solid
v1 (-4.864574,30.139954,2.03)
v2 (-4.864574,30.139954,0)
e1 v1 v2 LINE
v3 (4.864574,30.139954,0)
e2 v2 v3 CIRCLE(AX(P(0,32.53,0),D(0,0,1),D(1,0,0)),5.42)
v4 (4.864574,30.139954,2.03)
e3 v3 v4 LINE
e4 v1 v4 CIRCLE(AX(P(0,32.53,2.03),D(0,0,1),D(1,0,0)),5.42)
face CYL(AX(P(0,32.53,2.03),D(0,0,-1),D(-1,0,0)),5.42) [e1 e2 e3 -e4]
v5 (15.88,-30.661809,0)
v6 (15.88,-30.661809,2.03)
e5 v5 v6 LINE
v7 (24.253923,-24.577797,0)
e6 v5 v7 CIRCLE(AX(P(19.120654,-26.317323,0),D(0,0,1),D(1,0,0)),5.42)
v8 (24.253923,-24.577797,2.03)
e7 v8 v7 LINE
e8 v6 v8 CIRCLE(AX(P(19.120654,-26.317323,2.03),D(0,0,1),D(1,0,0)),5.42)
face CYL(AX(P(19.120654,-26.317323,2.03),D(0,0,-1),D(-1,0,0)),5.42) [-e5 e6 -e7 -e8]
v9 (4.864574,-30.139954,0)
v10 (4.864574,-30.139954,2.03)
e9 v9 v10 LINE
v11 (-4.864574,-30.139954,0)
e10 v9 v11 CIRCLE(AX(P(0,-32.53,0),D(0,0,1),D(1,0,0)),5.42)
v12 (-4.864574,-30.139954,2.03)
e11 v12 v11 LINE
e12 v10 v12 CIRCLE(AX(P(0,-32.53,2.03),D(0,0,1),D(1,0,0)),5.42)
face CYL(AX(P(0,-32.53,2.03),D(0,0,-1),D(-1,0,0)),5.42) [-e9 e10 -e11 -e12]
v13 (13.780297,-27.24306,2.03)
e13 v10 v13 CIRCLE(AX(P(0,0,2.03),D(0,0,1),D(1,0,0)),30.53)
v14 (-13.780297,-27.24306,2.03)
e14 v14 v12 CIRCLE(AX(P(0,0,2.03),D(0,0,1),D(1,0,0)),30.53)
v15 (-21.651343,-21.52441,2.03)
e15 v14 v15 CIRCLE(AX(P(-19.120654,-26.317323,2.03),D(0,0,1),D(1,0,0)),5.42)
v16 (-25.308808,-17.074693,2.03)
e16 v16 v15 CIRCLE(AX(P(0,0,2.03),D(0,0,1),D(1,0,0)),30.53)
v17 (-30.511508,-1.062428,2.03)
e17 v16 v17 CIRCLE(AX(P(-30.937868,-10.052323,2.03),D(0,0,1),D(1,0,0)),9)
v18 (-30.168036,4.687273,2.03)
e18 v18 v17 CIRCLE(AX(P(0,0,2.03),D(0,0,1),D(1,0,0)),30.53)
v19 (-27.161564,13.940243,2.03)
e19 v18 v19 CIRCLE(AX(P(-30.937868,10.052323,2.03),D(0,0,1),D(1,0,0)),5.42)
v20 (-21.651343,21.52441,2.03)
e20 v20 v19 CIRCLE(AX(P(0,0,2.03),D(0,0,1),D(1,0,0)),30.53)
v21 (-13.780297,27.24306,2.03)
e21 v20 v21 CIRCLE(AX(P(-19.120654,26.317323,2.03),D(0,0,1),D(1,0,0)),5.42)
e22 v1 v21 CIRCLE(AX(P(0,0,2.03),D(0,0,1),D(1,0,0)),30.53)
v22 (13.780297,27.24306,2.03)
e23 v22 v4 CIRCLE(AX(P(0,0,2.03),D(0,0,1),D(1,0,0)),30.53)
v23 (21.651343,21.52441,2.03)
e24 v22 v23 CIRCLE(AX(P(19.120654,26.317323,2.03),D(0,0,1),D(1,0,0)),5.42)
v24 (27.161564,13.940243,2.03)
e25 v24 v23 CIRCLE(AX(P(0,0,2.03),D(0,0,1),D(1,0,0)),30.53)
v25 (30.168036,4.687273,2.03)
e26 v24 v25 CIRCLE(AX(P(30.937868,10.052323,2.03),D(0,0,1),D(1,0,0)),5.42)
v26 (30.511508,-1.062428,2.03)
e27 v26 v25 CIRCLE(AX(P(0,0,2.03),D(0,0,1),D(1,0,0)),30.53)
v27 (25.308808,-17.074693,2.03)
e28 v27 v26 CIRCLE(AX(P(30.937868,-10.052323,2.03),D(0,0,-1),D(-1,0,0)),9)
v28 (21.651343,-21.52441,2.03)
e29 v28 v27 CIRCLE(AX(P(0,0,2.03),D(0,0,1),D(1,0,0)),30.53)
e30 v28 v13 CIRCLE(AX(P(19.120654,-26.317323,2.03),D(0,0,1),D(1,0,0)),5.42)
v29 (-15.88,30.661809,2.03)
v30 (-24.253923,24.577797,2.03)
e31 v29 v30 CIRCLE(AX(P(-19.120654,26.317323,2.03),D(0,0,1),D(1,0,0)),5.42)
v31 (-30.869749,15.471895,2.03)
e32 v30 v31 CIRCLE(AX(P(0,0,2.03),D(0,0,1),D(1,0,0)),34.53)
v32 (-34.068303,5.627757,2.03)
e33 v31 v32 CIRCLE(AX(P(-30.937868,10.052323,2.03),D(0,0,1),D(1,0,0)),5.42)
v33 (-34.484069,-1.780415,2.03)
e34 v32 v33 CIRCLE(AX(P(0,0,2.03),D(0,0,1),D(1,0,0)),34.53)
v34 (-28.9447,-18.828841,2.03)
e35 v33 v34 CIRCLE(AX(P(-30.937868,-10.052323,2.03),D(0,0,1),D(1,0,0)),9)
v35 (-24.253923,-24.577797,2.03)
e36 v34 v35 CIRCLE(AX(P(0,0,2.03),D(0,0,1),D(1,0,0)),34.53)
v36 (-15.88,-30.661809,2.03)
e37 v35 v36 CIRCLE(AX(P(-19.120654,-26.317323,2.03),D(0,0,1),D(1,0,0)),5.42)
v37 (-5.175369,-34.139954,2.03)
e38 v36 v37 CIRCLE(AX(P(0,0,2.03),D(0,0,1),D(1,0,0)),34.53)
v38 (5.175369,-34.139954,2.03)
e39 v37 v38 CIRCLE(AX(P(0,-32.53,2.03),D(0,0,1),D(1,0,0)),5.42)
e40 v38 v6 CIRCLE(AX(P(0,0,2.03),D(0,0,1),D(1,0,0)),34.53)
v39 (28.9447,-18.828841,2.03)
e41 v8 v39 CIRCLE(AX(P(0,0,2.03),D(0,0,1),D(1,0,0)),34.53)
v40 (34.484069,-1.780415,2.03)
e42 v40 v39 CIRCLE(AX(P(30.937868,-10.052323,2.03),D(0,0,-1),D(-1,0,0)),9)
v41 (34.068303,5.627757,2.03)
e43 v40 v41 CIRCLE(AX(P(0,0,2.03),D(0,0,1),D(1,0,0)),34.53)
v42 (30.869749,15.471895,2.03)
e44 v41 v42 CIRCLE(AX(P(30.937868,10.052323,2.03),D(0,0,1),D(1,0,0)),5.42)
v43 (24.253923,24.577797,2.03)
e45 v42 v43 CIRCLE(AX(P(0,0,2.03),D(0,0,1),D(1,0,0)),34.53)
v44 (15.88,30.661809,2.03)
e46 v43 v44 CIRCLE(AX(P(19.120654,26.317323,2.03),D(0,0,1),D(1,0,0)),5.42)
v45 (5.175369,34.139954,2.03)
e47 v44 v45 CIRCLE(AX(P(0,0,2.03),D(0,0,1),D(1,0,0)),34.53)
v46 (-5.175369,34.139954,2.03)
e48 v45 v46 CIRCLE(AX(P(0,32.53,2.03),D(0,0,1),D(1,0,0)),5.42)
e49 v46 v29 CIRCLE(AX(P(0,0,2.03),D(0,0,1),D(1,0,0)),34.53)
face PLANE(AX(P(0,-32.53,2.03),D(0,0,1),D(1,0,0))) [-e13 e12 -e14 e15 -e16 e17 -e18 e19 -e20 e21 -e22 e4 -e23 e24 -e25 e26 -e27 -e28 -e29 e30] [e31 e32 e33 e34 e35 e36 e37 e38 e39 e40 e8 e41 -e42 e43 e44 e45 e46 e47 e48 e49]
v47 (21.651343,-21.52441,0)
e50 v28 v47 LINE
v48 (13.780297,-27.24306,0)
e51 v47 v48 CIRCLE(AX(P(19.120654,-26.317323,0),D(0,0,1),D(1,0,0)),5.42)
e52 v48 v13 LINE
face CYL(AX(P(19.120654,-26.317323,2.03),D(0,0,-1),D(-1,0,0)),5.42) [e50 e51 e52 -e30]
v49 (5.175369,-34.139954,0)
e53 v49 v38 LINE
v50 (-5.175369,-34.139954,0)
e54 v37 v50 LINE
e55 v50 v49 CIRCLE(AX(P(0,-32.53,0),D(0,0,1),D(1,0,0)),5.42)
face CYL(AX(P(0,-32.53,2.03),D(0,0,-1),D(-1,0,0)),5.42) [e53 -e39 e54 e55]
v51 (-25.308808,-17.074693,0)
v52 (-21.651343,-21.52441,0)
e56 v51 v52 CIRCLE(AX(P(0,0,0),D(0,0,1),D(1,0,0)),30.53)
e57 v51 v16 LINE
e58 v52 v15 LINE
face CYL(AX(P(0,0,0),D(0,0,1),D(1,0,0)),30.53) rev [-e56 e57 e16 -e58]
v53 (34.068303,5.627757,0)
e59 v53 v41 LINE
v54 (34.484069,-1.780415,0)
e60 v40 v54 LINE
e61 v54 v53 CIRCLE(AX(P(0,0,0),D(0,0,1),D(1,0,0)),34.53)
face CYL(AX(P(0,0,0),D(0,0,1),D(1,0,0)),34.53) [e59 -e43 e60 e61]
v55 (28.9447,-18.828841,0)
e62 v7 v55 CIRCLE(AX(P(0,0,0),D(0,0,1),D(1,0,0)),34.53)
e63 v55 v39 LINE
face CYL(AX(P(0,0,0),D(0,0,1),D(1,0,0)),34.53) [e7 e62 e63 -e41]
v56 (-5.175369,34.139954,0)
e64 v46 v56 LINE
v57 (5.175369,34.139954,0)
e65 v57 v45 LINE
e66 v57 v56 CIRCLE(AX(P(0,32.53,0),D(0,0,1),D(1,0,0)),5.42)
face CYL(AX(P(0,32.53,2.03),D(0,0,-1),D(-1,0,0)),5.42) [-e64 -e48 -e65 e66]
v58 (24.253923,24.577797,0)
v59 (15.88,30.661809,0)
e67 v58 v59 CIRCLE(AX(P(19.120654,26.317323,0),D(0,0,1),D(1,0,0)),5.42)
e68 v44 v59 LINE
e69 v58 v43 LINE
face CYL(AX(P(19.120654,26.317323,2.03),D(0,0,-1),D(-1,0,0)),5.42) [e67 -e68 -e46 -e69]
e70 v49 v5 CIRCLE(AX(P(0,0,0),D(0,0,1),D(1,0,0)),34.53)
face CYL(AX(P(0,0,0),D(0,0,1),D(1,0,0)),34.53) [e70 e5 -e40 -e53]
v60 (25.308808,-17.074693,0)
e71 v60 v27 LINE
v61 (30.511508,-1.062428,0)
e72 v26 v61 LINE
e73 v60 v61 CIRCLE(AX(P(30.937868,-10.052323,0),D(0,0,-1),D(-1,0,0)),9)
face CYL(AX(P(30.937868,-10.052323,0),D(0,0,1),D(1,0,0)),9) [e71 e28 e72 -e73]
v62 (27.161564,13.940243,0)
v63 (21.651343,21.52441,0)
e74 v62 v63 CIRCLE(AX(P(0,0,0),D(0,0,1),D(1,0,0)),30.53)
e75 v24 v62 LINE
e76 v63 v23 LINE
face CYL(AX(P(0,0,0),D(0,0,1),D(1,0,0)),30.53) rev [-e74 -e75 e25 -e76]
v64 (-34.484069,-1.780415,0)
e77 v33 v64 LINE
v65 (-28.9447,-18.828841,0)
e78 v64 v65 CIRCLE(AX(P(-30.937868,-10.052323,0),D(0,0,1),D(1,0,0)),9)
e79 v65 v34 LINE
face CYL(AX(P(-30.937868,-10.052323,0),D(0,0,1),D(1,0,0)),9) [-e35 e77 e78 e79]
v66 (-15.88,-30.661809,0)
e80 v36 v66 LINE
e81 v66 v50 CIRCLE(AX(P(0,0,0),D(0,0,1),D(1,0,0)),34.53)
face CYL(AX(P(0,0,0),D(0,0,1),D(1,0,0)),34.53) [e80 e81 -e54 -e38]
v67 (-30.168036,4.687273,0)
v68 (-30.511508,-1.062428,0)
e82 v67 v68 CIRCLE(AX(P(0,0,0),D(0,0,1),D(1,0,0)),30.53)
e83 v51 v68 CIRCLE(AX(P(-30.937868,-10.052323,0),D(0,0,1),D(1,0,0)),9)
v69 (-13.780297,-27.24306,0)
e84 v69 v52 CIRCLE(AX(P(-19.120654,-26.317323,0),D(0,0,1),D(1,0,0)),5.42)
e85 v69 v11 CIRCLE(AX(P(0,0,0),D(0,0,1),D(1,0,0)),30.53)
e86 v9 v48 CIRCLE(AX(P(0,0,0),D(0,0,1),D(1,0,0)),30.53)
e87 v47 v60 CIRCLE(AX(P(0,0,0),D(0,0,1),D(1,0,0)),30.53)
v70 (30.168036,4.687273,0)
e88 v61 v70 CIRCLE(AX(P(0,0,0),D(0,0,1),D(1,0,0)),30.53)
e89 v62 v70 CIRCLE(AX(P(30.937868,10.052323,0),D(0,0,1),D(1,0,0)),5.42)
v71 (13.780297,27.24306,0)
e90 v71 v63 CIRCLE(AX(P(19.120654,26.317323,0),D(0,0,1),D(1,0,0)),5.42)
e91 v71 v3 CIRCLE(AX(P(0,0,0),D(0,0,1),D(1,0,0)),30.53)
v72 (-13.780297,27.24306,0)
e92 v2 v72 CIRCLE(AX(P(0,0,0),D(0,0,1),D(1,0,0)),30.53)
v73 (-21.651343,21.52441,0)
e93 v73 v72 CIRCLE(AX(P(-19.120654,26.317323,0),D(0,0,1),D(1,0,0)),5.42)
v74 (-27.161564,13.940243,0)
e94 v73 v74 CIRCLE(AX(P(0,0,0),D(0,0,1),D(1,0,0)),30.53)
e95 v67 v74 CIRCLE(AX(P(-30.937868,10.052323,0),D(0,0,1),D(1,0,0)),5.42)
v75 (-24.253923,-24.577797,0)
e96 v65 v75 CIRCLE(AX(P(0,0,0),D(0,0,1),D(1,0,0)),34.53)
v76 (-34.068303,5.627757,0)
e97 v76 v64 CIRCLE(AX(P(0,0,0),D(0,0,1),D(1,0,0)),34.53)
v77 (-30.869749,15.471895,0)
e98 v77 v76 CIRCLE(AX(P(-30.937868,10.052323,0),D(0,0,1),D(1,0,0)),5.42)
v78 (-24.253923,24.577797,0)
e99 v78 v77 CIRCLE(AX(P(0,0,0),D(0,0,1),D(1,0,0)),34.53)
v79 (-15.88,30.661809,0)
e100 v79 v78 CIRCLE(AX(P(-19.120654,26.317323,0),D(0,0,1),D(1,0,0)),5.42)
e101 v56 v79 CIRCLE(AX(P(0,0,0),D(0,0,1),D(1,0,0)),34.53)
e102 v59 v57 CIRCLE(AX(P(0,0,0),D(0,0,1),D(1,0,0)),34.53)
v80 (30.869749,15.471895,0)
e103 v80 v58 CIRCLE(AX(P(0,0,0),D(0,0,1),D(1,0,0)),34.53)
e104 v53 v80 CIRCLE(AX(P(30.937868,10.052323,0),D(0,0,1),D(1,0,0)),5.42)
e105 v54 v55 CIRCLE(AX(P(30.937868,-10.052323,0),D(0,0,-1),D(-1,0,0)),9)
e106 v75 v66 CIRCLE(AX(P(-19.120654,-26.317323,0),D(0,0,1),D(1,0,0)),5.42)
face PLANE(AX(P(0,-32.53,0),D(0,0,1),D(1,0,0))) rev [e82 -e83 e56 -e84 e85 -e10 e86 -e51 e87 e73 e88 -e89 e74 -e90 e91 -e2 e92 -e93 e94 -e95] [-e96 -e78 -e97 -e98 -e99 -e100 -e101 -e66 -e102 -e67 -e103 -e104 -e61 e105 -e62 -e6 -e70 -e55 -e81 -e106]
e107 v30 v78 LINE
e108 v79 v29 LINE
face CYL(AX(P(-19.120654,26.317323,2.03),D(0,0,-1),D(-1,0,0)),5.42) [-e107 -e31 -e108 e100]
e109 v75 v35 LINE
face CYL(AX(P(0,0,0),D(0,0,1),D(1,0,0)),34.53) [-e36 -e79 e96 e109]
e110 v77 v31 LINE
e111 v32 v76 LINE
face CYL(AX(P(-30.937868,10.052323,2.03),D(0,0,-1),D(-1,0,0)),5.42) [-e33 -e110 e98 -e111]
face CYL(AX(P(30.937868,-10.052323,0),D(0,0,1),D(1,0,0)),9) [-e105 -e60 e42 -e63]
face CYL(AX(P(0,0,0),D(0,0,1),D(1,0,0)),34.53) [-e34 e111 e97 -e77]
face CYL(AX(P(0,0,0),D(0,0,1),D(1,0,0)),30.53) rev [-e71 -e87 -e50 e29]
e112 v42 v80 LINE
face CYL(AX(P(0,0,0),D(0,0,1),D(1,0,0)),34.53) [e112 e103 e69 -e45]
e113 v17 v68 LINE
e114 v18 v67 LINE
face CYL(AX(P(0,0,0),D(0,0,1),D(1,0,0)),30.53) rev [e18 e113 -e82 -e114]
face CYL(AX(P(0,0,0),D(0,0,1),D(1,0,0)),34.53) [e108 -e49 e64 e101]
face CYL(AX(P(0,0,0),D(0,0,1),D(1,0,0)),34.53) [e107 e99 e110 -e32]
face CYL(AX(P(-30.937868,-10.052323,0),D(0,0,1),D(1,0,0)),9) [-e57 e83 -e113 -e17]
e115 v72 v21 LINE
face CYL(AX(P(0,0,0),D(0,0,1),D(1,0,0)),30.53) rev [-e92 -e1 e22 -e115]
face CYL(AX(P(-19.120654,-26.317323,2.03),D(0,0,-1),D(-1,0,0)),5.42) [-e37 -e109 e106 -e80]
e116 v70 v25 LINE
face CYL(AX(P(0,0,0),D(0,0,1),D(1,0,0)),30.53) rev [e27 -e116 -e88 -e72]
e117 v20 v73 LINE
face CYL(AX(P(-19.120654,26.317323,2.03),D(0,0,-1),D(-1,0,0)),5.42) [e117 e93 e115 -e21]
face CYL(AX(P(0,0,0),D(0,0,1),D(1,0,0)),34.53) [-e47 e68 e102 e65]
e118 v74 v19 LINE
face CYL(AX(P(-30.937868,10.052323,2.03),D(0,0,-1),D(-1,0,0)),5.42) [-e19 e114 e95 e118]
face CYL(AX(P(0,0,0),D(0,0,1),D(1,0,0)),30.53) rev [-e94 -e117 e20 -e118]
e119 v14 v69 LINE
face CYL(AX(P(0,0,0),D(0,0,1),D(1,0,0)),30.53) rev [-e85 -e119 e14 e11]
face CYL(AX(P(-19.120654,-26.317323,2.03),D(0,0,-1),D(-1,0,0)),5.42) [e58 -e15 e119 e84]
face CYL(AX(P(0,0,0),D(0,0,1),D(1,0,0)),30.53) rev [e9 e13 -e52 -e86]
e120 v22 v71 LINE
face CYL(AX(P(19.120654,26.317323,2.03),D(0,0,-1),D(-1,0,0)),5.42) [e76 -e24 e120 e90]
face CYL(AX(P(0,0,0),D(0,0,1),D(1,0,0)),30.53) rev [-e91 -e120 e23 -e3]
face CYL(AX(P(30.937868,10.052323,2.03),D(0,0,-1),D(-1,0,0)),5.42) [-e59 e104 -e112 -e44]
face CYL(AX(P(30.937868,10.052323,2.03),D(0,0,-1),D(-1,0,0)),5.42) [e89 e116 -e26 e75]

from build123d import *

# Parameters (mm, degrees)
SKETCH1_R              = 5.42
BOSS_EXTRUDE1_DEPTH    = 2.03
BOSS_EXTRUDE1_2_DEPTH  = 2.03
BOSS_EXTRUDE1_3_DEPTH  = 2.03
BOSS_EXTRUDE1_4_DEPTH  = 2.03
BOSS_EXTRUDE1_5_DEPTH  = 2.03
BOSS_EXTRUDE1_6_DEPTH  = 2.03
BOSS_EXTRUDE1_7_DEPTH  = 2.03
BOSS_EXTRUDE1_8_DEPTH  = 2.03
BOSS_EXTRUDE1_9_DEPTH  = 2.03
BOSS_EXTRUDE1_10_DEPTH = 2.03
SKETCH2_R              = 34.53
SKETCH2_R_2            = 30.53
BOSS_EXTRUDE2_DEPTH    = 2.03
SKETCH3_R              = 9
BOSS_EXTRUDE3_DEPTH    = 2.03


with BuildPart() as part:
    # Sketch1 → Boss-Extrude1 (new body)
    with BuildSketch(Plane.XY):
        with Locations((0, -32.53)):
            Circle(SKETCH1_R)
    extrude(amount=BOSS_EXTRUDE1_DEPTH)



with BuildPart() as body_2:
    # Sketch1 → Boss-Extrude1 2 (new body)
    with BuildSketch(Plane.XY):
        with Locations((-19.120654257, -26.317322827)):
            Circle(SKETCH1_R)
    extrude(amount=BOSS_EXTRUDE1_2_DEPTH)


with BuildPart() as body_3:
    # Sketch1 → Boss-Extrude1 3 (new body)
    with BuildSketch(Plane.XY):
        with Locations((-30.937868475, -10.052322827)):
            Circle(SKETCH1_R)
    extrude(amount=BOSS_EXTRUDE1_3_DEPTH)


with BuildPart() as body_4:
    # Sketch1 → Boss-Extrude1 4 (new body)
    with BuildSketch(Plane.XY):
        with Locations((-30.937868475, 10.052322827)):
            Circle(SKETCH1_R)
    extrude(amount=BOSS_EXTRUDE1_4_DEPTH)


with BuildPart() as body_5:
    # Sketch1 → Boss-Extrude1 5 (new body)
    with BuildSketch(Plane.XY):
        with Locations((-19.120654257, 26.317322827)):
            Circle(SKETCH1_R)
    extrude(amount=BOSS_EXTRUDE1_5_DEPTH)


with BuildPart() as body_6:
    # Sketch1 → Boss-Extrude1 6 (new body)
    with BuildSketch(Plane.XY):
        with Locations((0, 32.53)):
            Circle(SKETCH1_R)
    extrude(amount=BOSS_EXTRUDE1_6_DEPTH)


with BuildPart() as body_7:
    # Sketch1 → Boss-Extrude1 7 (new body)
    with BuildSketch(Plane.XY):
        with Locations((19.120654257, 26.317322827)):
            Circle(SKETCH1_R)
    extrude(amount=BOSS_EXTRUDE1_7_DEPTH)


with BuildPart() as body_8:
    # Sketch1 → Boss-Extrude1 8 (new body)
    with BuildSketch(Plane.XY):
        with Locations((30.937868475, 10.052322827)):
            Circle(SKETCH1_R)
    extrude(amount=BOSS_EXTRUDE1_8_DEPTH)


with BuildPart() as body_9:
    # Sketch1 → Boss-Extrude1 9 (new body)
    with BuildSketch(Plane.XY):
        with Locations((30.937868475, -10.052322827)):
            Circle(SKETCH1_R)
    extrude(amount=BOSS_EXTRUDE1_9_DEPTH)


with BuildPart() as body_10:
    # Sketch1 → Boss-Extrude1 10 (new body)
    with BuildSketch(Plane.XY):
        with Locations((19.120654257, -26.317322827)):
            Circle(SKETCH1_R)
    extrude(amount=BOSS_EXTRUDE1_10_DEPTH)


with BuildPart() as part_1:
    add(part.part)

    add(body_2.part)  # Boss-Extrude2 merges body 2

    add(body_3.part)  # Boss-Extrude2 merges body 3

    add(body_4.part)  # Boss-Extrude2 merges body 4

    add(body_5.part)  # Boss-Extrude2 merges body 5

    add(body_6.part)  # Boss-Extrude2 merges body 6

    add(body_7.part)  # Boss-Extrude2 merges body 7

    add(body_8.part)  # Boss-Extrude2 merges body 8

    add(body_9.part)  # Boss-Extrude2 merges body 9

    add(body_10.part)  # Boss-Extrude2 merges body 10
    # Sketch2 → Boss-Extrude2 (add)
    with BuildSketch(Plane.XY.offset(2.03)):
        Circle(SKETCH2_R)
        Circle(SKETCH2_R_2, mode=Mode.SUBTRACT)
    extrude(amount=-BOSS_EXTRUDE2_DEPTH)

    # Sketch3 → Boss-Extrude3 (add)
    with BuildSketch(Plane.XY.offset(2.03)):
        with Locations((-30.937868475, -10.052322827)):
            Circle(SKETCH3_R)
    boss_extrude3 = extrude(amount=-BOSS_EXTRUDE3_DEPTH)

    # Mirror1: Boss-Extrude3 across plane
    add(boss_extrude3.mirror(Plane(origin=(0, 0, 0), x_dir=(0, 0, 1), z_dir=(1, 0, 0))))


solid = part_1.part
